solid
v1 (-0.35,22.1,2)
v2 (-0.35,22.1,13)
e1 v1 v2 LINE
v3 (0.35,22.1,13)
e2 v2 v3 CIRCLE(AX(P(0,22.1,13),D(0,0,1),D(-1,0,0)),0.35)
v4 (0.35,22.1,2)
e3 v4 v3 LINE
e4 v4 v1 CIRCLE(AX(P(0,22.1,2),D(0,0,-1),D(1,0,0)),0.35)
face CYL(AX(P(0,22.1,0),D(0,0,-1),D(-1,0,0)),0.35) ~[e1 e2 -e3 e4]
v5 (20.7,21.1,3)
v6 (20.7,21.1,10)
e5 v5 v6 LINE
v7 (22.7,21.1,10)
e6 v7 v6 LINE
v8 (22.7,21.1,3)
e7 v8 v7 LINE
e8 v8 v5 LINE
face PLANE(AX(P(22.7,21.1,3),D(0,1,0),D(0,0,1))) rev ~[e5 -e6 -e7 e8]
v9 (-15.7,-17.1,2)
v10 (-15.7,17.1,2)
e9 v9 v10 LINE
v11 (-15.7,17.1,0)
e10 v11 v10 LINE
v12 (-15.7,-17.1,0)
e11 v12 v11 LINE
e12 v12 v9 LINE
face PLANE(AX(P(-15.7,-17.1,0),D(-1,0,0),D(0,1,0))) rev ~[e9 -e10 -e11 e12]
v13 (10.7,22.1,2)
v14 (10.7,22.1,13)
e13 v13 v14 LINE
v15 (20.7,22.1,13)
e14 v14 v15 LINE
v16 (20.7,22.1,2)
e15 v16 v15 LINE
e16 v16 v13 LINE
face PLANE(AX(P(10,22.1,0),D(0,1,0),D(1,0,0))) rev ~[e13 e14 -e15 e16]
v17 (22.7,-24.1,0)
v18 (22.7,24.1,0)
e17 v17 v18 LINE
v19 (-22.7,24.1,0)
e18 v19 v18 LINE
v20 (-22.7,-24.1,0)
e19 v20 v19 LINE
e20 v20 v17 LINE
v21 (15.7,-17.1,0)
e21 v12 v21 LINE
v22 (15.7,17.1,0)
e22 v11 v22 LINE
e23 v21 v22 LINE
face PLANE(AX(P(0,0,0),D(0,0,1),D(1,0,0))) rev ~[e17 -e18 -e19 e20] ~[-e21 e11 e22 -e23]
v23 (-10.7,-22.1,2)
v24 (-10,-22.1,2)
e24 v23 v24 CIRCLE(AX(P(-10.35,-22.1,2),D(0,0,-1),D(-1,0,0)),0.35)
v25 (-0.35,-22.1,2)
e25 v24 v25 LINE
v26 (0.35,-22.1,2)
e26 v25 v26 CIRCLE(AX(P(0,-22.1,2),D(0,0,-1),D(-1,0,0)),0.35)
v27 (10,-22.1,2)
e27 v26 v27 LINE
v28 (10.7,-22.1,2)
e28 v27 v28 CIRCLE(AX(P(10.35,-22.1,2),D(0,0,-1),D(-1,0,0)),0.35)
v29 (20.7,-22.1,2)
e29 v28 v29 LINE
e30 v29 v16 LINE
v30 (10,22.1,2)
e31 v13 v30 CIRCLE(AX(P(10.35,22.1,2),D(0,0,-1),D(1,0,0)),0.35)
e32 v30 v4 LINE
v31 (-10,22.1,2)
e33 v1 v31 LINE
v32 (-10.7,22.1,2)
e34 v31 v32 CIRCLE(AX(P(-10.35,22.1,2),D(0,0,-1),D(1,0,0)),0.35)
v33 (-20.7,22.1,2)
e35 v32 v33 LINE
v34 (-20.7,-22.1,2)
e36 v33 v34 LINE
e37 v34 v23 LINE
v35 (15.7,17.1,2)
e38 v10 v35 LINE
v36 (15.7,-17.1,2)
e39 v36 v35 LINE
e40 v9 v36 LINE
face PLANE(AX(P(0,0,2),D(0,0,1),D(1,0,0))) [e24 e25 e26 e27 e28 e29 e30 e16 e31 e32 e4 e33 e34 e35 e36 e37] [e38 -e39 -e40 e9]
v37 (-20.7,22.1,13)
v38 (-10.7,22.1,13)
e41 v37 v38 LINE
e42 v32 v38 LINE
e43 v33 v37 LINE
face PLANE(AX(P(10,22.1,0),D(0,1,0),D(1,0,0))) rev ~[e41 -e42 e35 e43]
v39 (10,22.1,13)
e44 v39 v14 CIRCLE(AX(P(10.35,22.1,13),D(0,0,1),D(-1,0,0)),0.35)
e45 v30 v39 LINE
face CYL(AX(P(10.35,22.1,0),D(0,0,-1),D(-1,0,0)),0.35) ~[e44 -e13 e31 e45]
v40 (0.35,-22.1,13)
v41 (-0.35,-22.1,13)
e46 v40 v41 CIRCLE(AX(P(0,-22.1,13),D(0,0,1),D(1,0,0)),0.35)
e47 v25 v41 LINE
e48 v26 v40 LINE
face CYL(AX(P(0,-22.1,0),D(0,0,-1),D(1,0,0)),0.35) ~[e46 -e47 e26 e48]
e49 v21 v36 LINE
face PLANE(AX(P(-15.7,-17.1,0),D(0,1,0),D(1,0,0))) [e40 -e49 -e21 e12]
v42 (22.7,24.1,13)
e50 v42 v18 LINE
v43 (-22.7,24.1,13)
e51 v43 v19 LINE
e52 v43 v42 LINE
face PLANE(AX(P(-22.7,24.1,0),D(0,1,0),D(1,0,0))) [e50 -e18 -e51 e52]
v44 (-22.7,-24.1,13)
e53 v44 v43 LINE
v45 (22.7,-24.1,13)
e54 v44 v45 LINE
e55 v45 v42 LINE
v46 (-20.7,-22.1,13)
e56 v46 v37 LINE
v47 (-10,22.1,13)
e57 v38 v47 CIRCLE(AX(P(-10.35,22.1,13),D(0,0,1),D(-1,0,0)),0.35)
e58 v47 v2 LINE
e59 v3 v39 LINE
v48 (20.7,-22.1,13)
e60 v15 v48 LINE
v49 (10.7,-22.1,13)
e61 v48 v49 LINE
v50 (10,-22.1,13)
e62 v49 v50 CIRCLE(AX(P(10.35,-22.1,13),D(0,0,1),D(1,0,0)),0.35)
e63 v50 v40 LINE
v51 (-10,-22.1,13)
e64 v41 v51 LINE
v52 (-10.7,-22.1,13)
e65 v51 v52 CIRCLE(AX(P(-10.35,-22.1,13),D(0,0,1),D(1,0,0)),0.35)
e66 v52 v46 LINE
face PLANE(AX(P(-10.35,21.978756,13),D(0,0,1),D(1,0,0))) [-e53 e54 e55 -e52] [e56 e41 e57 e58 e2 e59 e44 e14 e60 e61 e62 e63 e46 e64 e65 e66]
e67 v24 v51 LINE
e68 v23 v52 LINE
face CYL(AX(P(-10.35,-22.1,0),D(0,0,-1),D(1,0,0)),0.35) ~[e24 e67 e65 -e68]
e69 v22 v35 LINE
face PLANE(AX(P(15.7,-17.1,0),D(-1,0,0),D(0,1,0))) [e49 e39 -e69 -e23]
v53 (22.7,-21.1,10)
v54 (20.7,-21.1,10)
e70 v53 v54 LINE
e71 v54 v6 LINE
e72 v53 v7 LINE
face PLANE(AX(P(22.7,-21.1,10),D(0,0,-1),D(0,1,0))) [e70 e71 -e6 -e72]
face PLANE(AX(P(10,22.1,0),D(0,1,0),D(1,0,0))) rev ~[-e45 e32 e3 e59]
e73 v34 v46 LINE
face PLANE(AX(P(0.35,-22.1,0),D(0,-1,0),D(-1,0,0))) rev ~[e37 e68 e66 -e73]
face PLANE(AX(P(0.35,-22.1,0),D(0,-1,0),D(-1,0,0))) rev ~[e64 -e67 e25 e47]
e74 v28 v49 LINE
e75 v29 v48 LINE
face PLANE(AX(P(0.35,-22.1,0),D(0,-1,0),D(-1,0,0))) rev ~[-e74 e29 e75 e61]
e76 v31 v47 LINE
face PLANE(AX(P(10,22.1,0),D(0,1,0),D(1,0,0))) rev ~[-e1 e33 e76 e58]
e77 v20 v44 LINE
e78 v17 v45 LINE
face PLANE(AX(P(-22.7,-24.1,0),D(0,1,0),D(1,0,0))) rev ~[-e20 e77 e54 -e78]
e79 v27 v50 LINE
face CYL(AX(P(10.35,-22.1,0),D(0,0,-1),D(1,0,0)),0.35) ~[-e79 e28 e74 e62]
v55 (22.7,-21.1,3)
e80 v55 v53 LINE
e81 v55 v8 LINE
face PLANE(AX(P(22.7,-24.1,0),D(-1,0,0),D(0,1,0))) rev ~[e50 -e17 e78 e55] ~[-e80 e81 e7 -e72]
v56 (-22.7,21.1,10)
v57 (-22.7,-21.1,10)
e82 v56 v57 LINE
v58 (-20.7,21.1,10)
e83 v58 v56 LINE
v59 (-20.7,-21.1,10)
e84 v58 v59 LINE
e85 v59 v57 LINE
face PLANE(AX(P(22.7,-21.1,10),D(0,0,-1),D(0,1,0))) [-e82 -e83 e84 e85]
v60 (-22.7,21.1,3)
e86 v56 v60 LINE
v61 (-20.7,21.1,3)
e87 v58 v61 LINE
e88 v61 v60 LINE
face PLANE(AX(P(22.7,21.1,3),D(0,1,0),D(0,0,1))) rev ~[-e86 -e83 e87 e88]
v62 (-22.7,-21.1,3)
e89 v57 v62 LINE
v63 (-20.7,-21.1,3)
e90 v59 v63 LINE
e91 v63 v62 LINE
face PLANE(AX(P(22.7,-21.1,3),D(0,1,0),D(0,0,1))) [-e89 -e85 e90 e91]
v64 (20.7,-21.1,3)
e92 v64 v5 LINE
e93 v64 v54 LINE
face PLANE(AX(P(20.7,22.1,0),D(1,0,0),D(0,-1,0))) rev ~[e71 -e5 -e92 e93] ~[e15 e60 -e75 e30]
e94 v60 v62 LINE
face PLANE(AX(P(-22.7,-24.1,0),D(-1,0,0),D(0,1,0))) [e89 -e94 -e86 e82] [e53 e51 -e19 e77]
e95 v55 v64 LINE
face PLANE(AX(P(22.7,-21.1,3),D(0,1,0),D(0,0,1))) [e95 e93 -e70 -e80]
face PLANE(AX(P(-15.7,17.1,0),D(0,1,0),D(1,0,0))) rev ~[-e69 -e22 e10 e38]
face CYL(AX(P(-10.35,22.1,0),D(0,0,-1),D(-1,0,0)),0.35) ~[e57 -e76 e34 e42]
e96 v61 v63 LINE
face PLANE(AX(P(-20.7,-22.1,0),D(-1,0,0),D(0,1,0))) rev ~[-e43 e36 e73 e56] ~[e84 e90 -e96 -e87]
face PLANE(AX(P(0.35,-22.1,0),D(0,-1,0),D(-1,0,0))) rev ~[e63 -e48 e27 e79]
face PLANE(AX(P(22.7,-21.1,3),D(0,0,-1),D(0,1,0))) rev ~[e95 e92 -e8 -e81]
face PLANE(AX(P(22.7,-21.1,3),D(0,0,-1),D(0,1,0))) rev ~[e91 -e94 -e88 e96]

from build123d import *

# Parameters (mm, degrees)
F0_W     = 45.4
F0_H     = 48.2
F0_W_2   = 31.4
F0_H_2   = 34.2
F1_DEPTH = 2
F2_DEPTH = 13
F3_DEPTH = 13
F5_W     = 42.2
F5_H     = 7
F6_DEPTH = 80


with BuildPart() as f1:
    # F0 (on Top) → F1 (new body)
    with BuildSketch(Plane.XY):
        Rectangle(F0_W, F0_H)
        Polygon((-20.7, -22.1), (-20.7, 22.1), (-10.7, 22.1), (-10, 22.1), (-0.35, 22.1), (0.35, 22.1), (10, 22.1), (10.7, 22.1), (20.7, 22.1), (20.7, -22.1), (10.7, -22.1), (10, -22.1), (0.35, -22.1), (-0.35, -22.1), (-10, -22.1), (-10.7, -22.1), align=None, mode=Mode.SUBTRACT)
        with BuildLine():
            Line((-10.7, 22.1), (-20.7, 22.1))
            Line((-20.7, 22.1), (-20.7, -22.1))
            Line((-20.7, -22.1), (-10.7, -22.1))
            ThreePointArc((-10.7, -22.1), (-10.35, -21.75), (-10, -22.1))
            Line((-10, -22.1), (-0.35, -22.1))
            ThreePointArc((-0.35, -22.1), (0, -21.75), (0.35, -22.1))
            Line((0.35, -22.1), (10, -22.1))
            ThreePointArc((10, -22.1), (10.35, -21.75), (10.7, -22.1))
            Line((10.7, -22.1), (20.7, -22.1))
            Line((20.7, -22.1), (20.7, 22.1))
            Line((20.7, 22.1), (10.7, 22.1))
            ThreePointArc((10.7, 22.1), (10.35, 21.75), (10, 22.1))
            Line((10, 22.1), (0.35, 22.1))
            ThreePointArc((0.35, 22.1), (0, 21.75), (-0.35, 22.1))
            Line((-0.35, 22.1), (-10, 22.1))
            ThreePointArc((-10, 22.1), (-10.35, 21.75), (-10.7, 22.1))
        make_face()
        Rectangle(F0_W_2, F0_H_2, mode=Mode.SUBTRACT)
    extrude(amount=F1_DEPTH)

    # F0 (on Top) → F2 (join)
    with BuildSketch(Plane.XY):
        Rectangle(F0_W, F0_H)
        Polygon((-20.7, -22.1), (-20.7, 22.1), (-10.7, 22.1), (-10, 22.1), (-0.35, 22.1), (0.35, 22.1), (10, 22.1), (10.7, 22.1), (20.7, 22.1), (20.7, -22.1), (10.7, -22.1), (10, -22.1), (0.35, -22.1), (-0.35, -22.1), (-10, -22.1), (-10.7, -22.1), align=None, mode=Mode.SUBTRACT)
    extrude(amount=F2_DEPTH)

    # F0 (on Top) → F3 (join)
    with BuildSketch(Plane.XY):
        with BuildLine():
            Line((-10, 22.1), (-10.7, 22.1))
            ThreePointArc((-10.7, 22.1), (-10.35, 21.75), (-10, 22.1))
        make_face()
        with BuildLine():
            Line((0.35, 22.1), (-0.35, 22.1))
            ThreePointArc((-0.35, 22.1), (0, 21.75), (0.35, 22.1))
        make_face()
        with BuildLine():
            Line((10.7, 22.1), (10, 22.1))
            ThreePointArc((10, 22.1), (10.35, 21.75), (10.7, 22.1))
        make_face()
        with BuildLine():
            ThreePointArc((-10, -22.1), (-10.35, -21.75), (-10.7, -22.1))
            Line((-10.7, -22.1), (-10, -22.1))
        make_face()
        with BuildLine():
            ThreePointArc((0.35, -22.1), (0, -21.75), (-0.35, -22.1))
            Line((-0.35, -22.1), (0.35, -22.1))
        make_face()
        with BuildLine():
            ThreePointArc((10.7, -22.1), (10.35, -21.75), (10, -22.1))
            Line((10, -22.1), (10.7, -22.1))
        make_face()
    extrude(amount=F3_DEPTH)

    # F5 (on face) → F6 (cut)
    with BuildSketch(Plane.YZ.offset(22.7)):
        with Locations((0, 6.5)):
            Rectangle(F5_W, F5_H)
    extrude(amount=-F6_DEPTH, mode=Mode.SUBTRACT)


solid = f1.part
